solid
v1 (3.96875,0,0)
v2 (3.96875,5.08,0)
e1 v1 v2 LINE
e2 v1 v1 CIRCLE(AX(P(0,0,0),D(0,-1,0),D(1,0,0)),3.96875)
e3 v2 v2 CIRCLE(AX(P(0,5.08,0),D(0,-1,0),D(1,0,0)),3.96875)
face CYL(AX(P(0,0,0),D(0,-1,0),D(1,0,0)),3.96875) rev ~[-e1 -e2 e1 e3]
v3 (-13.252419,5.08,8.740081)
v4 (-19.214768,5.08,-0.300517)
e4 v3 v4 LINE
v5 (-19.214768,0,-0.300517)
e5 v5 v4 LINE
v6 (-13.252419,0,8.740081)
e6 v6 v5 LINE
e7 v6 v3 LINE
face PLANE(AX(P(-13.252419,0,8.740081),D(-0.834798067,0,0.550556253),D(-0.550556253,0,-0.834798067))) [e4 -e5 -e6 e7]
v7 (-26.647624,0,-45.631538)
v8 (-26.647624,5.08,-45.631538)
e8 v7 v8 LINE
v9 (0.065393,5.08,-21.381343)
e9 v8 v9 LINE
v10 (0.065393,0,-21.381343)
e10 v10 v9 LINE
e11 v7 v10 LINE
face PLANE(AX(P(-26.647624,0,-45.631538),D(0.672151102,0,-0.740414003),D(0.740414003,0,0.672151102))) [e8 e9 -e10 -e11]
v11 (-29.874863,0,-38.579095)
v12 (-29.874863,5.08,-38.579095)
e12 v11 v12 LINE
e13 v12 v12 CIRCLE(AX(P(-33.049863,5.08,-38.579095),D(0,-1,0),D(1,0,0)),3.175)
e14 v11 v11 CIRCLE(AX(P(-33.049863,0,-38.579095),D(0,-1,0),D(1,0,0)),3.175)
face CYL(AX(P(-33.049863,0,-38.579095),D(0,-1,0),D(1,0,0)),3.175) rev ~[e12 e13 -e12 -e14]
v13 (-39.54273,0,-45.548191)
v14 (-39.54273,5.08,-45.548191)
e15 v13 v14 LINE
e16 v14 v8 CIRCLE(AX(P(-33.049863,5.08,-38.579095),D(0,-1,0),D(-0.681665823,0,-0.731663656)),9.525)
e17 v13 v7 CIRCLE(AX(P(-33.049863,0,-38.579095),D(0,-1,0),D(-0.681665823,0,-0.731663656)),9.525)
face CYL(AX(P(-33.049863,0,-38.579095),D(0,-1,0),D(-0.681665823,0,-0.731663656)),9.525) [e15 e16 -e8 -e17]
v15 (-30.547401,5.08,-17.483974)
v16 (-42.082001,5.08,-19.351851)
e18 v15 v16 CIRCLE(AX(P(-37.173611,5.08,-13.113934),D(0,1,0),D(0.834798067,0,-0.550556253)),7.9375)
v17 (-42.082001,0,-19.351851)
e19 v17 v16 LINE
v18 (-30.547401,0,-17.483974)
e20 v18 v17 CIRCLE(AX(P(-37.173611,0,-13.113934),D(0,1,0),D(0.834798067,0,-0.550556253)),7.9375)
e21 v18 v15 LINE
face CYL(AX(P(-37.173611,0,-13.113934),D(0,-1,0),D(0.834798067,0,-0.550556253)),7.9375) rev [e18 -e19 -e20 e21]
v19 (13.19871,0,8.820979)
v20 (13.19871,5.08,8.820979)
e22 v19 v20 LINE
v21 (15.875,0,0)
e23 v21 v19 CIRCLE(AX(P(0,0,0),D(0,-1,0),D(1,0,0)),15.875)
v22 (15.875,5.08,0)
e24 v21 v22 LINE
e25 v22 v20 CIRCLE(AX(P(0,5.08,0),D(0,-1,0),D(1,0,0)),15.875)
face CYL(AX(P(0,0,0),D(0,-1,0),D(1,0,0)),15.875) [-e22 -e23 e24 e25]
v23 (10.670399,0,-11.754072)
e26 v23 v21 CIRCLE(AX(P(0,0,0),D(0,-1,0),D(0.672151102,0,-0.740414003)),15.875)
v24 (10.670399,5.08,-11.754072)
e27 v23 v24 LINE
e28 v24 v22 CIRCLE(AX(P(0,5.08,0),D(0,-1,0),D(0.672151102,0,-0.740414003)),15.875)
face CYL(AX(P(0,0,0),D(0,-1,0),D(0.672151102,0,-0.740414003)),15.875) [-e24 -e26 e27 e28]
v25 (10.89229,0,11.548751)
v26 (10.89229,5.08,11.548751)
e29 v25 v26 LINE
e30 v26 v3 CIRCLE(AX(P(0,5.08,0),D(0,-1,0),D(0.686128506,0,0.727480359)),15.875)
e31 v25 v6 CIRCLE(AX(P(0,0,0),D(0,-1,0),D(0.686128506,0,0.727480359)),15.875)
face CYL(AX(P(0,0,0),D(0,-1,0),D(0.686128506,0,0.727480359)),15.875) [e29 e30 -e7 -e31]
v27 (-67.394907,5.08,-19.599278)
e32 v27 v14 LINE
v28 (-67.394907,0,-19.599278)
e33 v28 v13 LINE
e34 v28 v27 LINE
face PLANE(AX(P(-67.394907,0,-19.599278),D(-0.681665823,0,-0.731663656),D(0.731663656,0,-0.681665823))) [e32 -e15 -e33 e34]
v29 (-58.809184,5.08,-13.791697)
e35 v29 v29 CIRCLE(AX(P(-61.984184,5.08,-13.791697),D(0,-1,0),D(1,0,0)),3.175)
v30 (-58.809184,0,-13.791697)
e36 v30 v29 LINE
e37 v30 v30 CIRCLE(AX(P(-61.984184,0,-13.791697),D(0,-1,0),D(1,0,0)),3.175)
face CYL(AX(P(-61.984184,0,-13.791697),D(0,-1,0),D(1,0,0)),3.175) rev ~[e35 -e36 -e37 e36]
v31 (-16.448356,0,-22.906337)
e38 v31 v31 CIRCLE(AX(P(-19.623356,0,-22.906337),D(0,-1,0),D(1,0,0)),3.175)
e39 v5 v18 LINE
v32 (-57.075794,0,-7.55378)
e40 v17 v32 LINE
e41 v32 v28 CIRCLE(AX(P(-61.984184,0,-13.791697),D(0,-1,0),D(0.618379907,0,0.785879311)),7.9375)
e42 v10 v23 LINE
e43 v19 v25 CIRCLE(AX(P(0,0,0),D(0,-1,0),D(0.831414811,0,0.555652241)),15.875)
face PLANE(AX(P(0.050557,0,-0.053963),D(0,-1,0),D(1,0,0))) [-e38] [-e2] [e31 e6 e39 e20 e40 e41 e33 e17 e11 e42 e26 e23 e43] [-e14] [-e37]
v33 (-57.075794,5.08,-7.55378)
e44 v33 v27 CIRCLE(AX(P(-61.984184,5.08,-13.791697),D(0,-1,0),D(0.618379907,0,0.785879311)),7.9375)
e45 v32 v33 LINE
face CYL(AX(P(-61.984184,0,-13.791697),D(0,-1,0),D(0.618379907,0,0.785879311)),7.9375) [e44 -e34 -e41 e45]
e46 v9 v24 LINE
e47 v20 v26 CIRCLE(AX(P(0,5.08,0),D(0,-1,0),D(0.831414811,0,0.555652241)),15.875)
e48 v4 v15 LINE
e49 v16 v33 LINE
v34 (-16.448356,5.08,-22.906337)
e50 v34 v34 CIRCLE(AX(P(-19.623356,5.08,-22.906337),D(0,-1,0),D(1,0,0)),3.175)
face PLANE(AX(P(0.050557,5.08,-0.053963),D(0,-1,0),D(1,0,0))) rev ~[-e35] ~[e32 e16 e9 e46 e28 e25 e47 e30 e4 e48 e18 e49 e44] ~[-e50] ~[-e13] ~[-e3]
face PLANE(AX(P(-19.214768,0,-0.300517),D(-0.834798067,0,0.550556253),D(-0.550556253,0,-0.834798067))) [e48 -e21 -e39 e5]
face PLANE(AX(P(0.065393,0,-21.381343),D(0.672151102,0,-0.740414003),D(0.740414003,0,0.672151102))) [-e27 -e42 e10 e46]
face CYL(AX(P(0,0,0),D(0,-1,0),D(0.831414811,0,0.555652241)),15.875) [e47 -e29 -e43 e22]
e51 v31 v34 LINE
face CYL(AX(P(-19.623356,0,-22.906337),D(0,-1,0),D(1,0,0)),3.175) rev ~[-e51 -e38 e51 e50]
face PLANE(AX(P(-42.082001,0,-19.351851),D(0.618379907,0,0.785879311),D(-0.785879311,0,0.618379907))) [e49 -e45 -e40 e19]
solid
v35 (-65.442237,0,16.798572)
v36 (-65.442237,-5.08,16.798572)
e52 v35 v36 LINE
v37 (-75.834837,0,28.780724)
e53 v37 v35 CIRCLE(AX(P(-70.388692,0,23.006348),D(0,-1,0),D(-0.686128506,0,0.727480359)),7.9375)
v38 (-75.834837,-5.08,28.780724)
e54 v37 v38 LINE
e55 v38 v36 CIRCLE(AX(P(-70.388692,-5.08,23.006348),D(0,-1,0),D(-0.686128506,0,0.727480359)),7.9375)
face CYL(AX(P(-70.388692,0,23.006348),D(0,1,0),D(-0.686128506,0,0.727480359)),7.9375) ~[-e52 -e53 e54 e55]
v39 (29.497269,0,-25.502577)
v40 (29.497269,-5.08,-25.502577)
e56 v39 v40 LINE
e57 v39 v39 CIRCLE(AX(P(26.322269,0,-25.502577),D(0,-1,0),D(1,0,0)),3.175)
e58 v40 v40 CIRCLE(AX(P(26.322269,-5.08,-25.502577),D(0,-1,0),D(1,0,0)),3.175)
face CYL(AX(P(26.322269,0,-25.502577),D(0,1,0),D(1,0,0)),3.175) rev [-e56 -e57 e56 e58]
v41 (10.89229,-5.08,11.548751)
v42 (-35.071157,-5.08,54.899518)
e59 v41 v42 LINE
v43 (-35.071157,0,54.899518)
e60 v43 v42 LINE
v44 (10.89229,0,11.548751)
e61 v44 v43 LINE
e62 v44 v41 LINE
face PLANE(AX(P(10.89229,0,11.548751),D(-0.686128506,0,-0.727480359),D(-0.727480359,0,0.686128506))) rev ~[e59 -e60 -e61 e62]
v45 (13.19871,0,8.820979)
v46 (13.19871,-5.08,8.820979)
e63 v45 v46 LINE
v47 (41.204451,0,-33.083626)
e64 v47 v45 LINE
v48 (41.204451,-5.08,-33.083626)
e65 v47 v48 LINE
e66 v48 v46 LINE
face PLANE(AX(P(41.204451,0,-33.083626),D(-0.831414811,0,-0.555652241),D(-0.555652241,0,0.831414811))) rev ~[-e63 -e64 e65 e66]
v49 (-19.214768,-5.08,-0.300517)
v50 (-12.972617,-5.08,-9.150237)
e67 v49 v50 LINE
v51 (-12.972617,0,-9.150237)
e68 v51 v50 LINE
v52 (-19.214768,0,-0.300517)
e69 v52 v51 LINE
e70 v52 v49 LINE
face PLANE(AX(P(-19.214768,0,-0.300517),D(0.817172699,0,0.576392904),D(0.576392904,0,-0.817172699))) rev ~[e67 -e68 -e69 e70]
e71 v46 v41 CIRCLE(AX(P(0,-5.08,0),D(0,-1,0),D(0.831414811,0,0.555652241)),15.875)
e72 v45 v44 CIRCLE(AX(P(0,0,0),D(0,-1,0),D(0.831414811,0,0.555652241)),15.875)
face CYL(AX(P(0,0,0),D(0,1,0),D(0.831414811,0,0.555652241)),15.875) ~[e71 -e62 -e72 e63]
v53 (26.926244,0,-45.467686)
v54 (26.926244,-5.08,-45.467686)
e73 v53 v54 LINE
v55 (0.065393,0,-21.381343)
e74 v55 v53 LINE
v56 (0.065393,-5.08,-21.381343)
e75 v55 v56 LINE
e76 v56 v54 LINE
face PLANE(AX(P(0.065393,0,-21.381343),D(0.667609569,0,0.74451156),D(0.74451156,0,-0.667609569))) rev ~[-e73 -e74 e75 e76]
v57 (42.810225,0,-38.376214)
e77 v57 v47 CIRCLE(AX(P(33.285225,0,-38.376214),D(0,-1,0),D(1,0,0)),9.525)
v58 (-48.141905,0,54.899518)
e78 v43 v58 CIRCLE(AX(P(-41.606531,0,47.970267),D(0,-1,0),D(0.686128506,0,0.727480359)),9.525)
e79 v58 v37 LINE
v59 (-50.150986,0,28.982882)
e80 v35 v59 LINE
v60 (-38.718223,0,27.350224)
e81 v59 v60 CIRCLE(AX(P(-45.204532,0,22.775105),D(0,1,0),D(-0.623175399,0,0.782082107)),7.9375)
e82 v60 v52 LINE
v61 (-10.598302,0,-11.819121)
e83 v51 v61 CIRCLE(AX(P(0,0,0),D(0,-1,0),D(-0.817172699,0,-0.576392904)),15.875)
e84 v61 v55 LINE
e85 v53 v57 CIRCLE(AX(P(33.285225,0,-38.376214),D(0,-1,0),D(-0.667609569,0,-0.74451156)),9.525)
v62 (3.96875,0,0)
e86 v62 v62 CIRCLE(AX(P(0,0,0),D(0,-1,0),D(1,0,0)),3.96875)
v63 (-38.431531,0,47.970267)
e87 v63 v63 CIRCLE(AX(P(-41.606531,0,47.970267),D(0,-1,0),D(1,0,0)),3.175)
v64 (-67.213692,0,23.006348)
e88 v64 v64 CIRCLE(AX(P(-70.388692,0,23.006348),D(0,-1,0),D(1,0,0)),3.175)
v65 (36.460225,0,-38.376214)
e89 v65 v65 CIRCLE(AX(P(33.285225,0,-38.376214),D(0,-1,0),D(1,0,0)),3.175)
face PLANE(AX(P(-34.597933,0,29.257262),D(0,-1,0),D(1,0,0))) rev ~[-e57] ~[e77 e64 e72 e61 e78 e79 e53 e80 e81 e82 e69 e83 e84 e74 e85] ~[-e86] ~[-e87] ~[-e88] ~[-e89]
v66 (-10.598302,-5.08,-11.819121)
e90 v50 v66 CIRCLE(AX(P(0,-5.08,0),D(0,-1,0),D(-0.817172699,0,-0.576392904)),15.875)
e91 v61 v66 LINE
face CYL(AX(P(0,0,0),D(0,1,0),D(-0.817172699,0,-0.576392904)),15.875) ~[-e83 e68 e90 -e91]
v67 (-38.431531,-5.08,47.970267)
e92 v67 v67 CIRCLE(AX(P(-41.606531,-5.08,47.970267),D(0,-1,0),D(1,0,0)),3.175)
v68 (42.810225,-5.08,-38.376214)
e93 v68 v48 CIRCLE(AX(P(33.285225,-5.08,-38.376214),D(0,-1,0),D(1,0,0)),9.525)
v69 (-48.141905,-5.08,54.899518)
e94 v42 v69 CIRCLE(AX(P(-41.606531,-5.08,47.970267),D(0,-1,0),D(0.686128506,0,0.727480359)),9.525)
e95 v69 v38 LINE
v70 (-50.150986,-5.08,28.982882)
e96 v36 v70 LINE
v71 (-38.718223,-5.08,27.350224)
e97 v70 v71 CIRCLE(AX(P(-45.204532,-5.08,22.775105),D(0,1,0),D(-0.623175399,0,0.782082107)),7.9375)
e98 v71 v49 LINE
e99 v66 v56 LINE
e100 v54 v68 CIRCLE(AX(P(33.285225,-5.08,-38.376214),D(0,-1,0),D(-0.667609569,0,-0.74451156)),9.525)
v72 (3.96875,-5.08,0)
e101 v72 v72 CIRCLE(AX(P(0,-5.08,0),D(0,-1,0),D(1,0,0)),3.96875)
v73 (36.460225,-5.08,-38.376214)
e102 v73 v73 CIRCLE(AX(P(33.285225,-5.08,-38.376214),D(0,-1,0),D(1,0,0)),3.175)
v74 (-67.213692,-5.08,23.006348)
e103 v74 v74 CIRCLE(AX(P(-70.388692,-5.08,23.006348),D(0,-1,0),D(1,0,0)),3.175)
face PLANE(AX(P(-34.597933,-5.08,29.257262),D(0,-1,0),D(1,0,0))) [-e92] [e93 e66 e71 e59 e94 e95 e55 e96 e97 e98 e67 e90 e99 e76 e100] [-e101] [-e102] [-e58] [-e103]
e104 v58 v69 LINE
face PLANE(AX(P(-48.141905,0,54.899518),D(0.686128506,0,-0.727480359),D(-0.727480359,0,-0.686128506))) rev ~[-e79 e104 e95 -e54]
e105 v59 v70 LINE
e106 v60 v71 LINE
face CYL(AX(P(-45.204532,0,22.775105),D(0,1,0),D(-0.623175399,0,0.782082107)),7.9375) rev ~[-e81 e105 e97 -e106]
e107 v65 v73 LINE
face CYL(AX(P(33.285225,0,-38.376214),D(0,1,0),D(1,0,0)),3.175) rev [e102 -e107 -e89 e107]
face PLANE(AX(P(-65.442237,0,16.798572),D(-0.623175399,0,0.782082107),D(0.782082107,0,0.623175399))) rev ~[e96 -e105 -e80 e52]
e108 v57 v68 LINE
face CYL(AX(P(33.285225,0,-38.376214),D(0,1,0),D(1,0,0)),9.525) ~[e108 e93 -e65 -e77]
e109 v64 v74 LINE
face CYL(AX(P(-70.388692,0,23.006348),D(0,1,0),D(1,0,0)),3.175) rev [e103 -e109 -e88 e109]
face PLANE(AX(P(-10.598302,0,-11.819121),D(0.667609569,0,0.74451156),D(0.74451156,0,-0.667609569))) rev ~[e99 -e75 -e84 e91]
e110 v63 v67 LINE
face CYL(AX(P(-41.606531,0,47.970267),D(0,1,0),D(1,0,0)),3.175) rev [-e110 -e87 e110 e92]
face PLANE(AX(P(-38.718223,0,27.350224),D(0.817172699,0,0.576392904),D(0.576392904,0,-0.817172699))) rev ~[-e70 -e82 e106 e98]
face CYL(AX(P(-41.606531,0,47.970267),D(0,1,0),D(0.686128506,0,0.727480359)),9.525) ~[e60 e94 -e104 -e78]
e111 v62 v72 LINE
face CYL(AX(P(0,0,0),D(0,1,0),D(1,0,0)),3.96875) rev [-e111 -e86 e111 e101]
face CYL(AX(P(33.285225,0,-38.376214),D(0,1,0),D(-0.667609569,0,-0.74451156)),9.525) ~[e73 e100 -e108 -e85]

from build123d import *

# Parameters (mm, degrees)
F0_R     = 3.175
F0_R_2   = 3.96875
F1_DEPTH = 5.08
F2_DEPTH = 5.08


with BuildPart() as f1:
    # F0 (on Front) → F1 (new body)
    with BuildSketch(Plane.XZ):
        with BuildLine():
            ThreePointArc((-13.2524193062, 8.7400805221), (-1.834314477, 15.7686687897), (10.8922900307, 11.5487507067))
            Line((10.8922900307, 11.5487507067), (-35.0711574392, 54.8995176744))
            ThreePointArc((-35.0711574392, 54.8995176744), (-32.8608164346, 51.7436071154), (-32.0815314576, 47.9702672503))
            ThreePointArc((-32.0815314576, 47.9702672503), (-45.3798713227, 39.2245522274), (-48.1419054761, 54.8995176744))
            Line((-48.1419054761, 54.8995176744), (-75.8348368232, 28.7807237291))
            ThreePointArc((-75.8348368232, 28.7807237291), (-67.2442419203, 30.2944442282), (-62.4511918078, 23.0063483758))
            ThreePointArc((-62.4511918078, 23.0063483758), (-63.237943921, 19.5609585706), (-65.4422370763, 16.798571653))
            Line((-65.4422370763, 16.798571653), (-50.1509863937, 28.9828821829))
            ThreePointArc((-50.1509863937, 28.9828821829), (-44.0823996147, 30.6328866939), (-38.7182233604, 27.3502241323))
            Line((-38.7182233604, 27.3502241323), (-19.2147683858, -0.3005169703))
            Line((-19.2147683858, -0.3005169703), (-13.2524193062, 8.7400805221))
        make_face()
        with BuildLine():
            ThreePointArc((-62.4511918078, 23.0063483758), (-67.2442419203, 30.2944442282), (-75.8348368232, 28.7807237291))
            ThreePointArc((-75.8348368232, 28.7807237291), (-76.3849752141, 17.8055319436), (-65.4422370763, 16.798571653))
            ThreePointArc((-65.4422370763, 16.798571653), (-63.237943921, 19.5609585706), (-62.4511918078, 23.0063483758))
        make_face()
        with Locations((-70.3886918078, 23.0063483758)):
            Circle(F0_R, mode=Mode.SUBTRACT)
        with BuildLine():
            ThreePointArc((-32.0815314576, 47.9702672503), (-32.8608164346, 51.7436071154), (-35.0711574392, 54.8995176744))
            ThreePointArc((-35.0711574392, 54.8995176744), (-41.6065314576, 57.4952672503), (-48.1419054761, 54.8995176744))
            ThreePointArc((-48.1419054761, 54.8995176744), (-45.3798713227, 39.2245522274), (-32.0815314576, 47.9702672503))
        make_face()
        with Locations((-41.6065314576, 47.9702672503)):
            Circle(F0_R, mode=Mode.SUBTRACT)
        with BuildLine():
            ThreePointArc((15.875, 0), (15.1912005478, 4.609018433), (13.1987101208, 8.820979319))
            ThreePointArc((13.1987101208, 8.820979319), (12.1224690662, 10.2499448164), (10.8922900307, 11.5487507067))
            ThreePointArc((10.8922900307, 11.5487507067), (-1.834314477, 15.7686687897), (-13.2524193062, 8.7400805221))
            ThreePointArc((-13.2524193062, 8.7400805221), (-15.8730587934, -0.2482529814), (-12.9726166036, -9.1502373442))
            ThreePointArc((-12.9726166036, -9.1502373442), (-11.8607666217, -10.5516747555), (-10.5983019047, -11.8191210221))
            ThreePointArc((-10.5983019047, -11.8191210221), (0.0485522706, -15.8749257534), (10.6703987497, -11.7540722953))
            ThreePointArc((10.6703987497, -11.7540722953), (14.5156502636, -6.4274040191), (15.875, 0))
        make_face()
        Circle(F0_R_2, mode=Mode.SUBTRACT)
        with BuildLine():
            ThreePointArc((26.9262440233, -45.4676864135), (27.0442454474, -31.1806737127), (41.2044512386, -33.0836262089))
            Line((41.2044512386, -33.0836262089), (13.1987101208, 8.820979319))
            ThreePointArc((13.1987101208, 8.820979319), (15.1912005478, 4.609018433), (15.875, 0))
            ThreePointArc((15.875, 0), (14.5156502636, -6.4274040191), (10.6703987497, -11.7540722953))
            Line((10.6703987497, -11.7540722953), (0.0653932355, -21.3813431455))
            Line((0.0653932355, -21.3813431455), (26.9262440233, -45.4676864135))
        make_face()
        with Locations((26.3222689506, -25.5025770961)):
            Circle(F0_R, mode=Mode.SUBTRACT)
        with BuildLine():
            ThreePointArc((26.9262440233, -45.4676864135), (37.1682864336, -47.0737686401), (42.8102251661, -38.3762138003))
            ThreePointArc((42.8102251661, -38.3762138003), (42.3999454948, -35.6108027404), (41.2044512386, -33.0836262089))
            ThreePointArc((41.2044512386, -33.0836262089), (27.0442454474, -31.1806737127), (26.9262440233, -45.4676864135))
        make_face()
        with Locations((33.2852251661, -38.3762138003)):
            Circle(F0_R, mode=Mode.SUBTRACT)
        with BuildLine():
            Line((-10.5983019047, -11.8191210221), (0.0653932355, -21.3813431455))
            Line((0.0653932355, -21.3813431455), (10.6703987497, -11.7540722953))
            ThreePointArc((10.6703987497, -11.7540722953), (0.0485522706, -15.8749257534), (-10.5983019047, -11.8191210221))
        make_face()
        with BuildLine():
            ThreePointArc((-12.9726166036, -9.1502373442), (-15.8730587934, -0.2482529814), (-13.2524193062, 8.7400805221))
            Line((-13.2524193062, 8.7400805221), (-19.2147683858, -0.3005169703))
            Line((-19.2147683858, -0.3005169703), (-12.9726166036, -9.1502373442))
        make_face()
    extrude(amount=F1_DEPTH)


with BuildPart() as f2:
    # F0 (on Front) → F2 (new body)
    with BuildSketch(Plane.XZ):
        with BuildLine():
            ThreePointArc((15.875, 0), (15.1912005478, 4.609018433), (13.1987101208, 8.820979319))
            ThreePointArc((13.1987101208, 8.820979319), (12.1224690662, 10.2499448164), (10.8922900307, 11.5487507067))
            ThreePointArc((10.8922900307, 11.5487507067), (-1.834314477, 15.7686687897), (-13.2524193062, 8.7400805221))
            ThreePointArc((-13.2524193062, 8.7400805221), (-15.8730587934, -0.2482529814), (-12.9726166036, -9.1502373442))
            ThreePointArc((-12.9726166036, -9.1502373442), (-11.8607666217, -10.5516747555), (-10.5983019047, -11.8191210221))
            ThreePointArc((-10.5983019047, -11.8191210221), (0.0485522706, -15.8749257534), (10.6703987497, -11.7540722953))
            ThreePointArc((10.6703987497, -11.7540722953), (14.5156502636, -6.4274040191), (15.875, 0))
        make_face()
        Circle(F0_R_2, mode=Mode.SUBTRACT)
        with BuildLine():
            Line((-10.5983019047, -11.8191210221), (0.0653932355, -21.3813431455))
            Line((0.0653932355, -21.3813431455), (10.6703987497, -11.7540722953))
            ThreePointArc((10.6703987497, -11.7540722953), (0.0485522706, -15.8749257534), (-10.5983019047, -11.8191210221))
        make_face()
        with BuildLine():
            ThreePointArc((-12.9726166036, -9.1502373442), (-15.8730587934, -0.2482529814), (-13.2524193062, 8.7400805221))
            Line((-13.2524193062, 8.7400805221), (-19.2147683858, -0.3005169703))
            Line((-19.2147683858, -0.3005169703), (-12.9726166036, -9.1502373442))
        make_face()
        with BuildLine():
            Line((-26.647623873, -45.6315380732), (0.0653932355, -21.3813431455))
            Line((0.0653932355, -21.3813431455), (-10.5983019047, -11.8191210221))
            ThreePointArc((-10.5983019047, -11.8191210221), (-11.8607666217, -10.5516747555), (-12.9726166036, -9.1502373442))
            Line((-12.9726166036, -9.1502373442), (-19.2147683858, -0.3005169703))
            Line((-19.2147683858, -0.3005169703), (-30.5474012326, -17.4839744853))
            ThreePointArc((-30.5474012326, -17.4839744853), (-35.9047663103, -20.9493627188), (-42.0820013957, -19.3518512525))
            Line((-42.0820013957, -19.3518512525), (-57.0757936348, -7.5537803256))
            ThreePointArc((-57.0757936348, -7.5537803256), (-54.8440071189, -10.3244537385), (-54.0466841448, -13.7916973539))
            ThreePointArc((-54.0466841448, -13.7916973539), (-58.817458973, -21.070142101), (-67.394906617, -19.5992776228))
            Line((-67.394906617, -19.5992776228), (-39.5427300894, -45.5481910186))
            ThreePointArc((-39.5427300894, -45.5481910186), (-36.849933329, -29.8449609995), (-23.5248631228, -38.579094696))
            ThreePointArc((-23.5248631228, -38.579094696), (-24.3404729646, -42.4355371074), (-26.647623873, -45.6315380732))
        make_face()
        with Locations((-19.6233562292, -22.9063374758)):
            Circle(F0_R, mode=Mode.SUBTRACT)
        with BuildLine():
            ThreePointArc((-39.5427300894, -45.5481910186), (-33.1114263313, -48.1038957423), (-26.647623873, -45.6315380732))
            ThreePointArc((-26.647623873, -45.6315380732), (-24.3404729646, -42.4355371074), (-23.5248631228, -38.579094696))
            ThreePointArc((-23.5248631228, -38.579094696), (-36.849933329, -29.8449609995), (-39.5427300894, -45.5481910186))
        make_face()
        with Locations((-33.0498631228, -38.579094696)):
            Circle(F0_R, mode=Mode.SUBTRACT)
        with BuildLine():
            ThreePointArc((-57.0757936348, -7.5537803256), (-68.0121676911, -8.627656241), (-67.394906617, -19.5992776228))
            ThreePointArc((-67.394906617, -19.5992776228), (-58.817458973, -21.070142101), (-54.0466841448, -13.7916973539))
            ThreePointArc((-54.0466841448, -13.7916973539), (-54.8440071189, -10.3244537385), (-57.0757936348, -7.5537803256))
        make_face()
        with Locations((-61.9841841448, -13.7916973539)):
            Circle(F0_R, mode=Mode.SUBTRACT)
    extrude(amount=-F2_DEPTH)


solid = Compound([f1.part, f2.part])
